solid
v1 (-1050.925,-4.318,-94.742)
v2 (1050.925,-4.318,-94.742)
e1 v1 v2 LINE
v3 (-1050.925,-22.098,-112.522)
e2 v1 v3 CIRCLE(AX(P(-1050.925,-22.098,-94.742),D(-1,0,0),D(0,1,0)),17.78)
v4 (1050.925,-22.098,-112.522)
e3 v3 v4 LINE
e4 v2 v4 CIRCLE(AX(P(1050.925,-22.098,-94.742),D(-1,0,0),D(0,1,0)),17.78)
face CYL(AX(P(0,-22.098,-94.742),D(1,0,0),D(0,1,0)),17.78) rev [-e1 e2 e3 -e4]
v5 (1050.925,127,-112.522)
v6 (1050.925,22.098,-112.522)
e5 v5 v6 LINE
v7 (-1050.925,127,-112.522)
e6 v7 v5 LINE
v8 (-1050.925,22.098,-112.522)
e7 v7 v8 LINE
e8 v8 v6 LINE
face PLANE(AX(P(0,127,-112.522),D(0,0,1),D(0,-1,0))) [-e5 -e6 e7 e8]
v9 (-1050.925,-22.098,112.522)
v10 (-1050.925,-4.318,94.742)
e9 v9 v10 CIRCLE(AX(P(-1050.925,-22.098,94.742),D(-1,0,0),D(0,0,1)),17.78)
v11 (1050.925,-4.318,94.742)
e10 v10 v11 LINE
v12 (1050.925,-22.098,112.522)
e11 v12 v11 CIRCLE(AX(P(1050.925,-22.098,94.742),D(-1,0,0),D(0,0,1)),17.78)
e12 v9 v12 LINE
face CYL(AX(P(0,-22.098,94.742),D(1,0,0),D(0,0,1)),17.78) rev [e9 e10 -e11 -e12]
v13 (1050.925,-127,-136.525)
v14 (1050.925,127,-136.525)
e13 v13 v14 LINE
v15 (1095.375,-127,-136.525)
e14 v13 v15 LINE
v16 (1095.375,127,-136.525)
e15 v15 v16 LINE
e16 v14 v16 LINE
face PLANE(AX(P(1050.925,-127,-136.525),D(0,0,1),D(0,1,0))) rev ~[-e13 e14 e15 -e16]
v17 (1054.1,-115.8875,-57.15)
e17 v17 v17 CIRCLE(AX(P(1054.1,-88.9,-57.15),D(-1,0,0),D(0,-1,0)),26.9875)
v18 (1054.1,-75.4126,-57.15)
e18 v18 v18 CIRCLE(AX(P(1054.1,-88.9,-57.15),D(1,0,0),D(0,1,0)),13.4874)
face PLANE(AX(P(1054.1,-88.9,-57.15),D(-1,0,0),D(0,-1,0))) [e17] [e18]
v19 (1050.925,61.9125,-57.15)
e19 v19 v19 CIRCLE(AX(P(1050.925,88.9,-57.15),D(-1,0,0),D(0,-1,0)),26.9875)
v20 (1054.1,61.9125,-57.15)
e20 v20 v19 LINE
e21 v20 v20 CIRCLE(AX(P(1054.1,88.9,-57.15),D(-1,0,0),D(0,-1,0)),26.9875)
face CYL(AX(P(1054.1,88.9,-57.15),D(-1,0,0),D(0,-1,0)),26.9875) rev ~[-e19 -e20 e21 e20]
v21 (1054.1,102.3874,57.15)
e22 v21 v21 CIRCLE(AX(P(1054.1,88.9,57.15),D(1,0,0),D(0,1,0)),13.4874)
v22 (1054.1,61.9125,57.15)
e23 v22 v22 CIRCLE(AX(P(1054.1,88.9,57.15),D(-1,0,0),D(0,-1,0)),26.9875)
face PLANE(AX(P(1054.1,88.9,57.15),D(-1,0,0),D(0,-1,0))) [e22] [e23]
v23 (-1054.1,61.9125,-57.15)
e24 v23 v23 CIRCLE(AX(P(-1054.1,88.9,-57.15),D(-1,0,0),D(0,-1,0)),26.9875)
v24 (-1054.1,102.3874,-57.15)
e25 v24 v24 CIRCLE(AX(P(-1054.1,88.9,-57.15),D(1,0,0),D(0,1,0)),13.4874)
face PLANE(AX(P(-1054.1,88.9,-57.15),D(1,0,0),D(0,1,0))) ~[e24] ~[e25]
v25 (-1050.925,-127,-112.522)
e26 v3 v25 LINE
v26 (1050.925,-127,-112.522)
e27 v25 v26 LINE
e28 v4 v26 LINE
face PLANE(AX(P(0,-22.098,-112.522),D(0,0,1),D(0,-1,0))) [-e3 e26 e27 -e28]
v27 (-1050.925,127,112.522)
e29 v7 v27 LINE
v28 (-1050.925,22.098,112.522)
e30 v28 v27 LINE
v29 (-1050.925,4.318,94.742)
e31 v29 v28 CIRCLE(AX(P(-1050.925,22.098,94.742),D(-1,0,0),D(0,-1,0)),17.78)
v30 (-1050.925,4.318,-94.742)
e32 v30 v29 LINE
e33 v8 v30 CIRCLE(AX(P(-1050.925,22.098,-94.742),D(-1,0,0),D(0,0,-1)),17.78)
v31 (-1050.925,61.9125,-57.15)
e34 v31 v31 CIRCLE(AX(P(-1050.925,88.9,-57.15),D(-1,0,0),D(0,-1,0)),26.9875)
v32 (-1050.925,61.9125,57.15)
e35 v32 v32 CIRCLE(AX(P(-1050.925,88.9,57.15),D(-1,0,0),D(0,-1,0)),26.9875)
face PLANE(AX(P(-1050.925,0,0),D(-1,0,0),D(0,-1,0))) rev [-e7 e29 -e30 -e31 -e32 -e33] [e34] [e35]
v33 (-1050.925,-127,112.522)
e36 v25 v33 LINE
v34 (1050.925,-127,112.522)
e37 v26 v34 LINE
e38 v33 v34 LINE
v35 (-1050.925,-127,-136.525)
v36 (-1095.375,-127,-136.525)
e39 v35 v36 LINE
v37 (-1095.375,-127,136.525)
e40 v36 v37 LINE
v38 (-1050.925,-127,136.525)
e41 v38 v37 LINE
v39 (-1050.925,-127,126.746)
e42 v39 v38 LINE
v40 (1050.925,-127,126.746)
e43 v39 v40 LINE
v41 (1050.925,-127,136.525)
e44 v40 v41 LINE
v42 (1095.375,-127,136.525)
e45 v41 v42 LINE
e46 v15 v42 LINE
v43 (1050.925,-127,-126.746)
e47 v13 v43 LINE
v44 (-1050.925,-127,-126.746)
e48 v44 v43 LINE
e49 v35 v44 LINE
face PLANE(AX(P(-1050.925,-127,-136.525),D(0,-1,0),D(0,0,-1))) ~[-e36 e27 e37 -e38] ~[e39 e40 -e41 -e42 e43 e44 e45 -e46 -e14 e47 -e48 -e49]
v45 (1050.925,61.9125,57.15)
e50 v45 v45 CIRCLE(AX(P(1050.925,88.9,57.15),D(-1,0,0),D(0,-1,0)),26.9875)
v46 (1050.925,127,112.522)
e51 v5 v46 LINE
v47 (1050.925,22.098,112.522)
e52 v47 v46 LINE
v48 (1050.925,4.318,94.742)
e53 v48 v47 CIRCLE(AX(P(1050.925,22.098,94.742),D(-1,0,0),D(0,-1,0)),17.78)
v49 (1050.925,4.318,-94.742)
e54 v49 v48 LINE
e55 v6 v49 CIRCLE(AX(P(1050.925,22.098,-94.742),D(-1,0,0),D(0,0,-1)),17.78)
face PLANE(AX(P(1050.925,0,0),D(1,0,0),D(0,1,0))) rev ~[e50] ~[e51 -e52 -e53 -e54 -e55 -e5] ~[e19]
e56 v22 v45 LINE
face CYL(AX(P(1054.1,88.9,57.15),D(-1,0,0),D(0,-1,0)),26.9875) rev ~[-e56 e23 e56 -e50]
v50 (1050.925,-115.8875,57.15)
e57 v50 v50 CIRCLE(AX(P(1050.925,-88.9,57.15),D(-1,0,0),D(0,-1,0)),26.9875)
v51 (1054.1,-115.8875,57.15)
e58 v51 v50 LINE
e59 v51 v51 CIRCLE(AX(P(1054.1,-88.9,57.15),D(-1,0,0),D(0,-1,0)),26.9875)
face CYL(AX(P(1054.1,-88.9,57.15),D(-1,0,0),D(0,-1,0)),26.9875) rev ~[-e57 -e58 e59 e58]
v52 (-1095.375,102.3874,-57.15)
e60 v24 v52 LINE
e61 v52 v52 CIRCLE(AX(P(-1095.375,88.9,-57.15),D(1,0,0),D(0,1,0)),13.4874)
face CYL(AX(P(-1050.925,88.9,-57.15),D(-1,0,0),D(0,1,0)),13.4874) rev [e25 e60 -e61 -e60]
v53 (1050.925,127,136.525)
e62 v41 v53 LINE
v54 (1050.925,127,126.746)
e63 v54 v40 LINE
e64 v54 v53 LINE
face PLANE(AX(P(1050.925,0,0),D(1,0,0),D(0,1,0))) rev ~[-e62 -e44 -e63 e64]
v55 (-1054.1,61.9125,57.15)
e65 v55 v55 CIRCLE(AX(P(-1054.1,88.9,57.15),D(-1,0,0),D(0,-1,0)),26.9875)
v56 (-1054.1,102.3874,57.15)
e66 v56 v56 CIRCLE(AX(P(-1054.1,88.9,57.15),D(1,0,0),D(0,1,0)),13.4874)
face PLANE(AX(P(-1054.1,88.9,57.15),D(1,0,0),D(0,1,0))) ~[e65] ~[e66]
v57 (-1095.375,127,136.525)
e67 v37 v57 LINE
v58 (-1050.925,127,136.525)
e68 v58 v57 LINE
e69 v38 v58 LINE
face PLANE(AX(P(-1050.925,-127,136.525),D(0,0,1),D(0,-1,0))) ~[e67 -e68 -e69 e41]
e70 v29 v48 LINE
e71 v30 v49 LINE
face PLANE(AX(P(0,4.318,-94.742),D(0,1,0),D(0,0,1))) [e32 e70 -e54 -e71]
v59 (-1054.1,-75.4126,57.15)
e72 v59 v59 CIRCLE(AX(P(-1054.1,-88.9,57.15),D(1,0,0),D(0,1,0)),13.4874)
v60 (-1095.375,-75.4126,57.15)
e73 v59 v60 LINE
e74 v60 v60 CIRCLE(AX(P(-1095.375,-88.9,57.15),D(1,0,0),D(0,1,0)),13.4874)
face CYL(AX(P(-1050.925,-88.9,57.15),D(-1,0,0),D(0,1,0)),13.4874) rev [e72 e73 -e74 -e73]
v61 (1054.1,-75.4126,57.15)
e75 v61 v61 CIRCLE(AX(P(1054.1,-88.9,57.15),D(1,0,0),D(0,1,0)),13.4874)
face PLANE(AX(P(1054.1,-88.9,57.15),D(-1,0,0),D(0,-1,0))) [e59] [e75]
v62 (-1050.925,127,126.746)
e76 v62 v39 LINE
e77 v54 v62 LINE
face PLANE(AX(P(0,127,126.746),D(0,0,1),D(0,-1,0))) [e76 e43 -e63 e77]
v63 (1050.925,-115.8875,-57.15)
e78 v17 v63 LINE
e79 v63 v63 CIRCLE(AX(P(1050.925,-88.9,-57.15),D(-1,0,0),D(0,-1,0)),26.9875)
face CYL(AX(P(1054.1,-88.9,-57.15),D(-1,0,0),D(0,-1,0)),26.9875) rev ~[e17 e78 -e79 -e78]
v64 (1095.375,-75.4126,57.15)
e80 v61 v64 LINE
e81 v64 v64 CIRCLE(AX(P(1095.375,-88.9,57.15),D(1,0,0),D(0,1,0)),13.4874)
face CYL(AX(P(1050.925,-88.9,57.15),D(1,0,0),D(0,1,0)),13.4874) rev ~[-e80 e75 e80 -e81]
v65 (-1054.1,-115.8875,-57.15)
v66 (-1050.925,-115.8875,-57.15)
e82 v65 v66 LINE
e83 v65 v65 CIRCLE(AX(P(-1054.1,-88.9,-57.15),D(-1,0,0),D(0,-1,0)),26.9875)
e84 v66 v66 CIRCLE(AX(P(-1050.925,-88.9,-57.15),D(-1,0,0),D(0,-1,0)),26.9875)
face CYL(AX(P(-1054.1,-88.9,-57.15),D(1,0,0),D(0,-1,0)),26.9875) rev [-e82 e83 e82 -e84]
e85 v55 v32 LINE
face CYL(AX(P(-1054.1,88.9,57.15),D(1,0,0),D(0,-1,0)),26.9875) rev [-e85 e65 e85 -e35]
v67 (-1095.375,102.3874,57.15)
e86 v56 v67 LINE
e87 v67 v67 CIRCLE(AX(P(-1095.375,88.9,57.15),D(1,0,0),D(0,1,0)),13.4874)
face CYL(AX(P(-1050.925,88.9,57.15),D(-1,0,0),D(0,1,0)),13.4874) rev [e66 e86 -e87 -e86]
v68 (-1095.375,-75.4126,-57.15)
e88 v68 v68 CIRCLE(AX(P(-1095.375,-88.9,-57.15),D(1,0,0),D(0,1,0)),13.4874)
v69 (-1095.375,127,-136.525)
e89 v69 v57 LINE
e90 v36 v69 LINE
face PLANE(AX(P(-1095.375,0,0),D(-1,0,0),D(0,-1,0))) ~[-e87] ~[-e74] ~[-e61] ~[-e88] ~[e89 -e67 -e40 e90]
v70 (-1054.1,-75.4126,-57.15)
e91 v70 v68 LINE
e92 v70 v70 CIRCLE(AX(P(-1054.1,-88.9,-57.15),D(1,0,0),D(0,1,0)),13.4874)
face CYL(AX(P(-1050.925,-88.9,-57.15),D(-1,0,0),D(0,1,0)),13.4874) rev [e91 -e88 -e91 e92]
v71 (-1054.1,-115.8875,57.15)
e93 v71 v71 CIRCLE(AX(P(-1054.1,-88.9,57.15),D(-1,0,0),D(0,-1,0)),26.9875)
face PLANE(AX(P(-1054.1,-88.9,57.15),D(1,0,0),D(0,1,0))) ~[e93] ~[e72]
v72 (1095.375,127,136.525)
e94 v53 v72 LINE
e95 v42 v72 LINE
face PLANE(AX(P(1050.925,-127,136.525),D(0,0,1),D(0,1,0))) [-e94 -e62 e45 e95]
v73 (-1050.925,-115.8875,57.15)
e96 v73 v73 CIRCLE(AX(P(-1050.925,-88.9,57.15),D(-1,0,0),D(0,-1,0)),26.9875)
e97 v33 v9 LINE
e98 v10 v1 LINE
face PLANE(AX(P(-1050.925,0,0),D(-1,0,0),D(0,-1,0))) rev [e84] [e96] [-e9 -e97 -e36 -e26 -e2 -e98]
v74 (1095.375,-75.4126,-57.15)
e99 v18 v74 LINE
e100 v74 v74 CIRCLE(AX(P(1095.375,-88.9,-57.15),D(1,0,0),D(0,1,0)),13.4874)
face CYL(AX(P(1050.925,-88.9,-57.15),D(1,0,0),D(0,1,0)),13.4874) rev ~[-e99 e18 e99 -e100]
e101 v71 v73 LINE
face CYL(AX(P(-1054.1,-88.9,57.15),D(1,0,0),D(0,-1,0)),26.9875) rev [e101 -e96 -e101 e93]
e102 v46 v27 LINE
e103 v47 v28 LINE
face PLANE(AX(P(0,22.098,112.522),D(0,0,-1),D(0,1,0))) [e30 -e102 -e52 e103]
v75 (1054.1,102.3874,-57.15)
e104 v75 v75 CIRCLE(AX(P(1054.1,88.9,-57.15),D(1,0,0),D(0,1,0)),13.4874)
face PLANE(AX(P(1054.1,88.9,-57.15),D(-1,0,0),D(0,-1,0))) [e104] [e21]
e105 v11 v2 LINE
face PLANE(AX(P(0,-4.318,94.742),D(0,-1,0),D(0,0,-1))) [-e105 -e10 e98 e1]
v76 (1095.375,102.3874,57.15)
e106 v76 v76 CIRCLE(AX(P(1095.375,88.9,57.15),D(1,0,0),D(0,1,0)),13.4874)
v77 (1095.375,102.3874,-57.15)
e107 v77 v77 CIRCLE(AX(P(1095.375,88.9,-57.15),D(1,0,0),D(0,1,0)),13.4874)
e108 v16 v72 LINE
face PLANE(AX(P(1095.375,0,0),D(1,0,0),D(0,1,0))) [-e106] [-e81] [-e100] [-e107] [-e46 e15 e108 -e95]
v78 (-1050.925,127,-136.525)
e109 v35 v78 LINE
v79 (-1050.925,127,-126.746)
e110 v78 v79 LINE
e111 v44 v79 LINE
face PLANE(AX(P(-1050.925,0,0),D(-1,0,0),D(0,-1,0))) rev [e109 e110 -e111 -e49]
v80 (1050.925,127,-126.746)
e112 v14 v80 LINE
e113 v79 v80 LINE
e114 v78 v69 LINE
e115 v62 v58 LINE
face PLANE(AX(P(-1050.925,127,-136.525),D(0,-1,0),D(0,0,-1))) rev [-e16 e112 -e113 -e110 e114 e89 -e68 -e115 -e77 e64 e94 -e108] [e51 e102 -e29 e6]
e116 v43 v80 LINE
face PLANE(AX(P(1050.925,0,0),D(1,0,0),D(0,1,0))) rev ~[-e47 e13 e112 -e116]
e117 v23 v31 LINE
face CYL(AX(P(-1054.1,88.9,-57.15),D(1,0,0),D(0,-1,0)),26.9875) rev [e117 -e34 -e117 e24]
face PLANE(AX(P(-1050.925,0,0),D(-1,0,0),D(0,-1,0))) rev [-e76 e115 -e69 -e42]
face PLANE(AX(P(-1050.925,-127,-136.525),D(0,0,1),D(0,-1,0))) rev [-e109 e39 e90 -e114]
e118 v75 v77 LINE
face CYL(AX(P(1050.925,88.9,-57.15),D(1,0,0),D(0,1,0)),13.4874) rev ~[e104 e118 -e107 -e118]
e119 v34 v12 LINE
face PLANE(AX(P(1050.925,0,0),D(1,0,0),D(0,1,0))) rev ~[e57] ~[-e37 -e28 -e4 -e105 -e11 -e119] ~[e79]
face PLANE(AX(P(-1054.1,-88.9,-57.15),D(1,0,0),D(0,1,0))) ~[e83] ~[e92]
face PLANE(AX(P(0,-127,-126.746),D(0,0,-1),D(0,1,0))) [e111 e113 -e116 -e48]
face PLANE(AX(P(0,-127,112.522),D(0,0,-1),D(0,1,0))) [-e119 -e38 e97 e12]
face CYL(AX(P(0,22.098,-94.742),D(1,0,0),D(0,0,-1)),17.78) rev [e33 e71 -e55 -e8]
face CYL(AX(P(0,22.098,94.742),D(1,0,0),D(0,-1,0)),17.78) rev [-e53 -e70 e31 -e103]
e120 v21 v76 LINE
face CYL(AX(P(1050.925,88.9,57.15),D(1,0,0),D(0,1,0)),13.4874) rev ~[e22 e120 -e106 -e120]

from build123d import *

# Parameters (mm, degrees)
F1_DEPTH       = 1050.925
F2_W           = 254
F2_H           = 273.05
F3_DEPTH       = 44.45
F5_D           = 26.9748
F5_CBORE_D     = 53.975
F5_CBORE_DEPTH = 3.175


with BuildPart() as f1:
    # F0 (on Right) → F1 (new body, symmetric)
    with BuildSketch(Plane.YZ):
        with BuildLine():
            Line((127, 126.746), (-127, 126.746))
            Line((-127, 126.746), (-127, 112.522))
            Line((-127, 112.522), (-22.098, 112.522))
            ThreePointArc((-22.098, 112.522), (-9.5256414305, 107.3143585695), (-4.318, 94.742))
            Line((-4.318, 94.742), (-4.318, -94.742))
            ThreePointArc((-4.318, -94.742), (-9.5256414305, -107.3143585695), (-22.098, -112.522))
            Line((-22.098, -112.522), (-127, -112.522))
            Line((-127, -112.522), (-127, -126.746))
            Line((-127, -126.746), (127, -126.746))
            Line((127, -126.746), (127, -112.522))
            Line((127, -112.522), (22.098, -112.522))
            ThreePointArc((22.098, -112.522), (9.5256414305, -107.3143585695), (4.318, -94.742))
            Line((4.318, -94.742), (4.318, 94.742))
            ThreePointArc((4.318, 94.742), (9.5256414305, 107.3143585695), (22.098, 112.522))
            Line((22.098, 112.522), (127, 112.522))
            Line((127, 112.522), (127, 126.746))
        make_face()
    extrude(amount=F1_DEPTH, both=True)

    # F2 (on face) → F3 (join)
    with BuildSketch(Plane.YZ.offset(1050.925)):
        Rectangle(F2_W, F2_H)
    extrude(amount=F3_DEPTH)

    # F5 (through all)
    with Locations(Plane(origin=(1050.925, 0, 0), x_dir=(0, -1, 0), z_dir=(-1, 0, 0))):
        with Locations((-88.9, 57.15), (-88.9, -57.15), (88.9, 57.15), (88.9, -57.15)):
            CounterBoreHole(F5_D / 2, F5_CBORE_D / 2, F5_CBORE_DEPTH)

    # F6: F1 across plane


with BuildPart() as f1_1:
    add(f1.part)
    add(f1.part.mirror(Plane.YZ))


solid = f1_1.part
